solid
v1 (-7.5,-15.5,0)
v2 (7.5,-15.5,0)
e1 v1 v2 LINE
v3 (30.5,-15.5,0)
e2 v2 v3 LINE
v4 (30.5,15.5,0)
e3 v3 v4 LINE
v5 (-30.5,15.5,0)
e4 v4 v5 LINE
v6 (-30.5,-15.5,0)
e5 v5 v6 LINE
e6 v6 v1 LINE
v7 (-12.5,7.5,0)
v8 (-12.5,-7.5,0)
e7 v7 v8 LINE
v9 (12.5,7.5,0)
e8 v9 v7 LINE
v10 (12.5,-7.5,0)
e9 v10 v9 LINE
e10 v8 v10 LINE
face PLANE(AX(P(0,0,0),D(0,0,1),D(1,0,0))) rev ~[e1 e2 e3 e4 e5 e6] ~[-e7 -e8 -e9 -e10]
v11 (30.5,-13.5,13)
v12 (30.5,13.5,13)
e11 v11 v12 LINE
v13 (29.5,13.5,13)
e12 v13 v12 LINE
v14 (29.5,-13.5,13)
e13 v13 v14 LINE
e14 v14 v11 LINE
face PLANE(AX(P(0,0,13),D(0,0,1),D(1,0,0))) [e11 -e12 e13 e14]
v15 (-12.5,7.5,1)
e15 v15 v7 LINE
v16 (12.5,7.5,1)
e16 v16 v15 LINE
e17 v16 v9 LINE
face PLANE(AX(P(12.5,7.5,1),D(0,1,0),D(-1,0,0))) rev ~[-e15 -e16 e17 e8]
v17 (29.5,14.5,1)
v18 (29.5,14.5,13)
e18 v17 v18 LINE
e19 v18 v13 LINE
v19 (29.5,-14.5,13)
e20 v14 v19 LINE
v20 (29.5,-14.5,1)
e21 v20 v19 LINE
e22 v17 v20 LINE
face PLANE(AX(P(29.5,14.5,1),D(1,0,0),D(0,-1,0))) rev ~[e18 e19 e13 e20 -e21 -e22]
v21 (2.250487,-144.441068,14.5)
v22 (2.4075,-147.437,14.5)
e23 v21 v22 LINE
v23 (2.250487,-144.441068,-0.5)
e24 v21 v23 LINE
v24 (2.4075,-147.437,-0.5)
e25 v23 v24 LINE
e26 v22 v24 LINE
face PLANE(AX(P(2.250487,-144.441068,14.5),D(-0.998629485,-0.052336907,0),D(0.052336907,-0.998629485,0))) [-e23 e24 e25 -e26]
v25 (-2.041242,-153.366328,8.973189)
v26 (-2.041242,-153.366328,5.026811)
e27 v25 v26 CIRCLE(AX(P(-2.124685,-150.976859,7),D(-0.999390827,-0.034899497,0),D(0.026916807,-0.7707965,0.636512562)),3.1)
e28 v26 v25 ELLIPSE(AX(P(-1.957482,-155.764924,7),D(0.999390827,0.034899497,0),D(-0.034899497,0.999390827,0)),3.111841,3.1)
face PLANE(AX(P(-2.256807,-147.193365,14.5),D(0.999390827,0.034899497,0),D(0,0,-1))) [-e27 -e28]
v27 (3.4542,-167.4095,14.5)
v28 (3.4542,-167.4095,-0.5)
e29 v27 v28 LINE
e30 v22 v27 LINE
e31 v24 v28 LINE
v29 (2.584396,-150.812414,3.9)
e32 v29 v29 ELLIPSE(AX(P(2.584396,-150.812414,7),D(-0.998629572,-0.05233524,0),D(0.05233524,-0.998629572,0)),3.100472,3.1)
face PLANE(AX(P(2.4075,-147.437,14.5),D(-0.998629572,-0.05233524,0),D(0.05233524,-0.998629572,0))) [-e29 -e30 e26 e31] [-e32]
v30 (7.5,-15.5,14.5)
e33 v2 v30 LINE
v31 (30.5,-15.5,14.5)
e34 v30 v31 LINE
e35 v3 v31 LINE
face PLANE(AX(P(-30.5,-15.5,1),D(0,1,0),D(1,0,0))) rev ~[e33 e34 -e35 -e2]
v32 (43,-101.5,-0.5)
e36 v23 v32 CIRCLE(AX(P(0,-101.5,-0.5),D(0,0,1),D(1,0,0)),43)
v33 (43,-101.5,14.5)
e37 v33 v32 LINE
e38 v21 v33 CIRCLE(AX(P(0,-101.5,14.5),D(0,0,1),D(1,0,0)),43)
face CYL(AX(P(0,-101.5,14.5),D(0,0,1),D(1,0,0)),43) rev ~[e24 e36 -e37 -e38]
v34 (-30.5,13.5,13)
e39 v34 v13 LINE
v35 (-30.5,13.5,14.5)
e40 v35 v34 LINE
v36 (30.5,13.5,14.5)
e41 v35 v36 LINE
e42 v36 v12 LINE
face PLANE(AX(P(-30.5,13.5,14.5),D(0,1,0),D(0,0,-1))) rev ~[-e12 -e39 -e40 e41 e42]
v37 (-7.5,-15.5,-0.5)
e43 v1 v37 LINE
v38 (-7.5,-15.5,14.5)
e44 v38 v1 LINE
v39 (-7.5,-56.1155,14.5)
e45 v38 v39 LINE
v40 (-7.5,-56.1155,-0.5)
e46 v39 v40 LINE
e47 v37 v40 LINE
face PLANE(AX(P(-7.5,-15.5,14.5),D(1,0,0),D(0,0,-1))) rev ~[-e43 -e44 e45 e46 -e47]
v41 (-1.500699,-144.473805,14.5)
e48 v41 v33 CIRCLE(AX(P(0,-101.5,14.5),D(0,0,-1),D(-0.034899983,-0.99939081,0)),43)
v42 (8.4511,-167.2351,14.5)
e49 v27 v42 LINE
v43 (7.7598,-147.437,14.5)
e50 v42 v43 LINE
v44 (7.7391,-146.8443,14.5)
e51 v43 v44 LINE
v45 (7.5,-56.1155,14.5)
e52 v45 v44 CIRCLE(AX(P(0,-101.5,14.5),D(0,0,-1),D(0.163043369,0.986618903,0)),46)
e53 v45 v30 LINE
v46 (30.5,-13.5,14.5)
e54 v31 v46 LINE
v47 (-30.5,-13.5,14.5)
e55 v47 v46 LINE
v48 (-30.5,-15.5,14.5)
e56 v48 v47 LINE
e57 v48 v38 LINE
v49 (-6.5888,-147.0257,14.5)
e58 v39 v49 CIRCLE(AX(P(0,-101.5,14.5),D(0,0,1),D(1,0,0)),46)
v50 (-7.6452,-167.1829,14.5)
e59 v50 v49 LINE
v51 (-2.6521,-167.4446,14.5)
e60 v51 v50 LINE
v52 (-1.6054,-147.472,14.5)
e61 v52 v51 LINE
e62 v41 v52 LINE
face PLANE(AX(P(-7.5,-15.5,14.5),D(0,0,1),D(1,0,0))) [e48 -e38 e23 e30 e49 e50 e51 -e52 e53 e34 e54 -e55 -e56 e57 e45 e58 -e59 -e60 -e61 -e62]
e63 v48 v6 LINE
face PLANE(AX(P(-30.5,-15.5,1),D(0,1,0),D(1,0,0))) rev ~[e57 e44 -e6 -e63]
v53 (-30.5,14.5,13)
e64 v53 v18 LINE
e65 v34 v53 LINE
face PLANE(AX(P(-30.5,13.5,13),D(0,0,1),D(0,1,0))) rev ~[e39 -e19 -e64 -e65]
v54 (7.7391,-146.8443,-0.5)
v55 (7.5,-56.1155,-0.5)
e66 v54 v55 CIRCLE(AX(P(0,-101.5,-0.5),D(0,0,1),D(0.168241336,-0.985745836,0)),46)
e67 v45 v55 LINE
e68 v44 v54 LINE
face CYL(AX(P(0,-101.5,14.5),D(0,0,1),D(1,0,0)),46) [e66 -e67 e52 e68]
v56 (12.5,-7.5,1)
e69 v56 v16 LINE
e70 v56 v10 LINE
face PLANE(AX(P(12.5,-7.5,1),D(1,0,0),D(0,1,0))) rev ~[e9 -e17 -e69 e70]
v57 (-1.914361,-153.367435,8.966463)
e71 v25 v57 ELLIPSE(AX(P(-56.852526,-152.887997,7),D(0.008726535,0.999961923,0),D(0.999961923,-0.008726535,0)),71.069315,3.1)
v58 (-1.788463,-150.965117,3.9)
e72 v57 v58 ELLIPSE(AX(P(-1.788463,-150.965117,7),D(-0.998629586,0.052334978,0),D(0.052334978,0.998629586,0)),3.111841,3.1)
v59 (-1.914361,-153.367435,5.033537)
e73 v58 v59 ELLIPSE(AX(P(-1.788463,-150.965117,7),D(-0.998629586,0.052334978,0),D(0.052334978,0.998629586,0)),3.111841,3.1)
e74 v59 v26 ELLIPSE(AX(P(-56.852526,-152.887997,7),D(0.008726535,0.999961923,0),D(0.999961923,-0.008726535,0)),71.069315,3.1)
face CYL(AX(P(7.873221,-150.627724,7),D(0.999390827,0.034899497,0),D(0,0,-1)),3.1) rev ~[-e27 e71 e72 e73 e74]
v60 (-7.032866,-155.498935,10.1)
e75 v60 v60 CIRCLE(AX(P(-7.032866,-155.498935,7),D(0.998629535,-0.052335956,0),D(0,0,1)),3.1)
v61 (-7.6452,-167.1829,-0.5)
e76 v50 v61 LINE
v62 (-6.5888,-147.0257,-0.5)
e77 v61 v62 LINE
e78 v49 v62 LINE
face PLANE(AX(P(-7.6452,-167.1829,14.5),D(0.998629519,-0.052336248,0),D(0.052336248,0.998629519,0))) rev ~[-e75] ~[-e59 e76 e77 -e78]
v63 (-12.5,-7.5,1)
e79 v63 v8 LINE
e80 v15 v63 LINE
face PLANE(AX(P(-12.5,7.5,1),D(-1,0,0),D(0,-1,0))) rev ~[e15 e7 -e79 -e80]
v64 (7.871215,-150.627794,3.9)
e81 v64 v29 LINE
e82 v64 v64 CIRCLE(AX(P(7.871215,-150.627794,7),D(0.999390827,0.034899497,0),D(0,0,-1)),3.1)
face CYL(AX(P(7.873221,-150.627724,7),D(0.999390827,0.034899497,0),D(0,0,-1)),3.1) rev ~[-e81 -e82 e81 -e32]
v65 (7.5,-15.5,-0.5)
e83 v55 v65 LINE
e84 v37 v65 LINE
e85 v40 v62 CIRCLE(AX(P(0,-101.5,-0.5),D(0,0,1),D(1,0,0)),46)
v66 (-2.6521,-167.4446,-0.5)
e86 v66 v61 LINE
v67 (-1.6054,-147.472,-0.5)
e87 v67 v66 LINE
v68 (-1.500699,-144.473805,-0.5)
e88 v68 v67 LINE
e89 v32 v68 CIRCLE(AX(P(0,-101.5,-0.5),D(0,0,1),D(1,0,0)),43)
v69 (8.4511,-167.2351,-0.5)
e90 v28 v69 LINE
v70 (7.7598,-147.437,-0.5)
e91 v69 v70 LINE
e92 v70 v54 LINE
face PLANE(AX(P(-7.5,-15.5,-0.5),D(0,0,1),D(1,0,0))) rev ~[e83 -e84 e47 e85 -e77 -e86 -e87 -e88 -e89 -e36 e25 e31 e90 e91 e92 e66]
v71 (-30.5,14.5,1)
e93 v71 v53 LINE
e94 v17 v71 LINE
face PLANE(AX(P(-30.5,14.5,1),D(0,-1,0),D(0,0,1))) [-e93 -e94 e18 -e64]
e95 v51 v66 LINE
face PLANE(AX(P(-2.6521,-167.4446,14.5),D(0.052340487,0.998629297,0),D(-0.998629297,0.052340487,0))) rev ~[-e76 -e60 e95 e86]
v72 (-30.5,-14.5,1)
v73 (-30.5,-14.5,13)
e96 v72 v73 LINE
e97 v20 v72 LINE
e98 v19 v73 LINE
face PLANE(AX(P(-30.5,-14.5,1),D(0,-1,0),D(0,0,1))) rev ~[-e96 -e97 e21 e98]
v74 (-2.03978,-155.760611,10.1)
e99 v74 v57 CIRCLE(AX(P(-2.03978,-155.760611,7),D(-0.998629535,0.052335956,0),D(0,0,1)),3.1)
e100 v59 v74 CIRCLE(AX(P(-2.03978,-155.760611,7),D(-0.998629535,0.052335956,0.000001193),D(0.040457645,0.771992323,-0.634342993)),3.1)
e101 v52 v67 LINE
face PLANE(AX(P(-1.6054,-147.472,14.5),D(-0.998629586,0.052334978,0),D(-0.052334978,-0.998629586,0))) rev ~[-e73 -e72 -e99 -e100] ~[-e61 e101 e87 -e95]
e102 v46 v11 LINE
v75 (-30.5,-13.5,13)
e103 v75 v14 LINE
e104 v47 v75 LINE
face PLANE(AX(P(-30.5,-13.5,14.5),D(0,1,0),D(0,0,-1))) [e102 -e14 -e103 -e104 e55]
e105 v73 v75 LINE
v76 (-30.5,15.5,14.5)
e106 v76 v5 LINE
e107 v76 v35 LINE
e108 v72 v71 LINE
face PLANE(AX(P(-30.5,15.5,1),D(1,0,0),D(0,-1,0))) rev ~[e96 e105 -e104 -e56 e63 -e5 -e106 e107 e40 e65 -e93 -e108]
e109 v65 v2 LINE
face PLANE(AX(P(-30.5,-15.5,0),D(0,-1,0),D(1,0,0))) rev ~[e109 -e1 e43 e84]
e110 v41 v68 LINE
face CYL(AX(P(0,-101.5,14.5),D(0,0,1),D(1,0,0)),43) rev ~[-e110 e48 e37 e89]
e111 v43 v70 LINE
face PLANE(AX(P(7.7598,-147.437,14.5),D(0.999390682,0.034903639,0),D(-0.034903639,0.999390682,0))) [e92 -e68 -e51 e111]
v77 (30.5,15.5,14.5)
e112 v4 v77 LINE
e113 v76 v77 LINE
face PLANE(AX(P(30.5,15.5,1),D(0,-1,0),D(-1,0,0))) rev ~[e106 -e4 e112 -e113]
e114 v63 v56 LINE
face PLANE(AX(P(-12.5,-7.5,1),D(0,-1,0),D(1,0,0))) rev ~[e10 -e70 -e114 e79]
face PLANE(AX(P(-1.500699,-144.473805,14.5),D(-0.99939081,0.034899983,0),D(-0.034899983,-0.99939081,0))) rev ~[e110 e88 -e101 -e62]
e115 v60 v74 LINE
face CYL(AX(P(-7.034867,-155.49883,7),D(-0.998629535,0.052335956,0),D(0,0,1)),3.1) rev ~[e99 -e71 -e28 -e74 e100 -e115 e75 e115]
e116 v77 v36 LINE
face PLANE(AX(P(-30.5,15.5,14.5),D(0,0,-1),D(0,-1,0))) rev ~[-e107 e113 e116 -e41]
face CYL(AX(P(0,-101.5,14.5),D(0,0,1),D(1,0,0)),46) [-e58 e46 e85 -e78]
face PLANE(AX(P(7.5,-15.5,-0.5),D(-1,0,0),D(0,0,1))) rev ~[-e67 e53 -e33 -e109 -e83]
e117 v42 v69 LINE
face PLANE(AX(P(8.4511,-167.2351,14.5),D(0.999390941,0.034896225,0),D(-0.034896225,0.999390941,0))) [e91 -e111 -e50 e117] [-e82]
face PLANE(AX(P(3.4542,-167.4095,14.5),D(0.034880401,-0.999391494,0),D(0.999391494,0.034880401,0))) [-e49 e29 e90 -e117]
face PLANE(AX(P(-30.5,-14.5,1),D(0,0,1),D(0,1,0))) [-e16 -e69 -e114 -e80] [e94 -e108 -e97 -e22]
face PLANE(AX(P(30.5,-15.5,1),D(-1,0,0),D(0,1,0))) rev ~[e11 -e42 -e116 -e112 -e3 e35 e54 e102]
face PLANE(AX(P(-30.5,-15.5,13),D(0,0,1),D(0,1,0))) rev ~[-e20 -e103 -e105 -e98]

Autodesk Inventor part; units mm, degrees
ref_plane "YZ Plane" through (0, 0, 0) normal (1, 0, 0) x (0, 1, 0)
ref_plane "XZ Plane" through (0, 0, 0) normal (0, 1, 0) x (-1, 0, 0)
ref_plane "XY Plane" through (0, 0, 0) normal (0, 0, 1) x (1, 0, 0)
sketch "스케치1" plane through (0, 0, 0) normal (0, 0, 1) x (1, 0, 0)
  line L0 (-29.5, 14.5) -> (29.5, 14.5)
  line L1 (29.5, 14.5) -> (29.5, -14.5)
  line L2 (29.5, -14.5) -> (-29.5, -14.5)
  line L3 (-29.5, -14.5) -> (-29.5, 14.5)
  line L4 (-29.5, 14.5) -> (29.5, -14.5) construction
  line L5 (29.5, 14.5) -> (-29.5, -14.5) construction
  line L6 (30.5, 15.5) -> (-30.5, 15.5)
  line L7 (-30.5, 15.5) -> (-30.5, -15.5)
  line L8 (-30.5, -15.5) -> (30.5, -15.5)
  line L9 (30.5, -15.5) -> (30.5, 15.5)
  point P0 (0, 0)
  dimension "d0" = 59
  dimension "d1" = 29
  dimension "d4" = 1
extrude "돌출1" add sketch "스케치1" along normal blind 1 contours L0 L1 L2 L3 | L9 L8 L7 L6
sketch "스케치2" plane through (0, 0, 1) normal (0, 0, 1) x (1, 0, 0)
  line L0 (30.5, -15.5) -> (30.5, 15.5) projected
  line L1 (-30.5, -15.5) -> (30.5, -15.5)
  line L2 (30.5, -15.5) -> (30.5, 15.5)
  line L3 (30.5, 15.5) -> (-30.5, 15.5)
  line L4 (-30.5, 15.5) -> (-30.5, -15.5)
  line L5 (-30.5, -15.5) -> (30.5, 15.5) construction
  line L6 (30.5, -15.5) -> (-30.5, 15.5) construction
  line L7 (-29.5, 14.5) -> (29.5, 14.5)
  line L8 (29.5, 14.5) -> (29.5, -14.5)
  line L9 (29.5, -14.5) -> (-29.5, -14.5)
  line L10 (-29.5, -14.5) -> (-29.5, 14.5)
  point P0 (2.95, 1.45)
  dimension "d5" = 1
extrude "돌출2" add sketch "스케치2" along normal blind 12
sketch "스케치3" plane through (0, 0, 1) normal (0, 0, 1) x (1, 0, 0)
  line L0 (-12.5, -7.5) -> (12.5, -7.5)
  line L1 (12.5, -7.5) -> (12.5, 7.5)
  line L2 (12.5, 7.5) -> (-12.5, 7.5)
  line L3 (-12.5, 7.5) -> (-12.5, -7.5)
  line L4 (-12.5, -7.5) -> (12.5, 7.5) construction
  line L5 (12.5, -7.5) -> (-12.5, 7.5) construction
  point P0 (0, 0)
  dimension "d8" = 25
  dimension "d9" = 15
extrude "돌출3" cut sketch "스케치3" against normal blind 12
sketch "스케치4" plane through (-30.5, -15.5, 0) normal (-1, 0, 0) x (0, 0, 1)
  line L0 (1, 30) -> (13, 30) projected
  line L1 (1, 1) -> (1, 30) projected
  line L2 (13, 30) -> (1, 30)
  line L3 (1, 30) -> (1, 1)
  line L4 (1, 1) -> (13, 1)
  line L5 (13, 1) -> (13, 30)
  point P0 (0, 15.5)
extrude "돌출4" cut sketch "스케치4" against normal blind 15
sketch "스케치5" plane through (-30.5, -15.5, 0) normal (-1, 0, 0) x (0, 0, 1)
  line L0 (13, 0) -> (13, 31) projected
  line L1 (13, 31) -> (14.5, 31)
  line L2 (14.5, 31) -> (14.5, 29)
  line L3 (14.5, 29) -> (13, 29)
  line L4 (13, 29) -> (13, 31)
  line L5 (13, 0) -> (14.5, 0)
  line L6 (14.5, 0) -> (14.5, 2)
  line L7 (14.5, 2) -> (13, 2)
  line L8 (13, 2) -> (13, 0)
  point P0 (0, 15.5)
  point P1 (13, 2)
  dimension "d14" = 1.5
  dimension "d15" = 2
  dimension "d16" = 2
extrude "돌출5" add sketch "스케치5" against normal up to surface (61 mm away)
sketch "스케치6" plane through (-30.5, -15.5, 0) normal (0, -1, 0) x (1, 0, 0)
  line L0 (0, 14.5) -> (61, 14.5) projected
  line L1 (23, -0.5) -> (38, -0.5)
  line L2 (38, -0.5) -> (38, 14.5)
  line L3 (38, 14.5) -> (23, 14.5)
  line L4 (23, 14.5) -> (23, -0.5)
  line L5 (23, -0.5) -> (38, 14.5) construction
  line L6 (38, -0.5) -> (23, 14.5) construction
  point P0 (30.5, 0)
  point P1 (30.5, 7)
  dimension "d19" = 15
extrude "돌출6" add sketch "스케치6" along normal blind 40
sketch "스케치7" plane through (-30.5, -13.5, 14.5) normal (0, 0, 1) x (1, 0, 0)
  line L0 (38, -42) -> (23, -42) projected
  line L1 (30.5, -42) -> (30.5, -88)
  circle A0 centre (30.5, -88) radius 46
  circle A1 centre (30.5, -88) radius 43
  line L2 (23, -42) -> (23, -42.6155)
  line L3 (38, -2) -> (38, -42) projected
  line L4 (38, -42) -> (38, -42.6155)
  line L5 (30.5, -88) -> (32.9075, -133.937)
  line L6 (30.5, -88) -> (76.5, -88) construction
  line L7 (30.5, -88) -> (28.8946, -133.972)
  line L8 (28.8946, -133.972) -> (27.8479, -153.9446)
  line L9 (28.8946, -133.972) -> (48.8946, -133.972) construction
  line L10 (32.9075, -133.937) -> (33.9542, -153.9095)
  line L11 (32.9075, -133.937) -> (52.9075, -133.937) construction
  line L12 (33.9542, -153.9095) -> (38.9511, -153.7351)
  line L13 (33.9542, -153.9095) -> (38.9542, -153.9095) construction
  line L14 (38.9511, -153.7351) -> (38.2598, -133.937)
  line L15 (27.8479, -153.9446) -> (29.0856, -153.9446) construction
  line L16 (38.2598, -133.937) -> (38.2391, -133.3443)
  line L17 (27.8479, -153.9446) -> (22.8548, -153.6829)
  line L18 (27.8479, -153.9446) -> (32.8479, -153.9446) construction
  line L19 (22.8548, -153.6829) -> (23.9112, -133.5257)
  point P0 (30.5, 13.5)
  point P1 (27.1993, -133.8814)
  point P2 (32.7504, -130.9411)
  point P3 (28.9993, -130.9738)
  dimension "d22" = 46
  dimension "d23" = 3
  dimension "d24" = 87
  dimension "d25" = 20
  dimension "d26" = 93
  dimension "d27" = 20
  dimension "d28" = 87
  dimension "d29" = 5
  dimension "d30" = 2
  dimension "d31" = 90
  dimension "d42" = 5
  dimension "d43" = 177
  dimension "d44" = 90
extrude "돌출7" add sketch "스케치7" against normal up to surface (15 mm away) contours L4 A0 L0 | A0 L2 L0 | A0 L5 A1 L1 | L1 A1 L7 A0 | A0 L8 L17 L19 | L16 L14 L12 L10 A0
sketch "스케치9" plane through (7.7391, -146.8443, 14.5) normal (0.9994, 0.0349, 0) x (0, 0, -1)
  line L0 (0, -20.2251) -> (0, 2.6915) projected
  line L1 (0, -8.7668) -> (15, 1.1952)
  line L2 (15, -0.3012) -> (15, 2.6915) projected
  circle A0 centre (7.5, -3.7858) radius 3.1
  point P0 (14.5, 147.025)
  point P1 (15, -19.971)
  dimension "d39" = 6.2
extrude "돌출9" cut sketch "스케치9" against normal blind 10
sketch "스케치10" plane through (-7.6452, -167.1829, -0.5) normal (-0.9986, 0.0523, 0) x (0, 0, 1)
  line L0 (15, 0) -> (0, 0) projected
  line L1 (7.5, 0) -> (7.5, 11.7)
  circle A0 centre (7.5, 11.7) radius 3.1
  point P0 (0.5, 167.3539)
  dimension "d45" = 11.7
  dimension "d46" = 6.2
extrude "돌출10" cut sketch "스케치10" against normal up to surface (5 mm away)
properties part number "camera_robotarm2"
